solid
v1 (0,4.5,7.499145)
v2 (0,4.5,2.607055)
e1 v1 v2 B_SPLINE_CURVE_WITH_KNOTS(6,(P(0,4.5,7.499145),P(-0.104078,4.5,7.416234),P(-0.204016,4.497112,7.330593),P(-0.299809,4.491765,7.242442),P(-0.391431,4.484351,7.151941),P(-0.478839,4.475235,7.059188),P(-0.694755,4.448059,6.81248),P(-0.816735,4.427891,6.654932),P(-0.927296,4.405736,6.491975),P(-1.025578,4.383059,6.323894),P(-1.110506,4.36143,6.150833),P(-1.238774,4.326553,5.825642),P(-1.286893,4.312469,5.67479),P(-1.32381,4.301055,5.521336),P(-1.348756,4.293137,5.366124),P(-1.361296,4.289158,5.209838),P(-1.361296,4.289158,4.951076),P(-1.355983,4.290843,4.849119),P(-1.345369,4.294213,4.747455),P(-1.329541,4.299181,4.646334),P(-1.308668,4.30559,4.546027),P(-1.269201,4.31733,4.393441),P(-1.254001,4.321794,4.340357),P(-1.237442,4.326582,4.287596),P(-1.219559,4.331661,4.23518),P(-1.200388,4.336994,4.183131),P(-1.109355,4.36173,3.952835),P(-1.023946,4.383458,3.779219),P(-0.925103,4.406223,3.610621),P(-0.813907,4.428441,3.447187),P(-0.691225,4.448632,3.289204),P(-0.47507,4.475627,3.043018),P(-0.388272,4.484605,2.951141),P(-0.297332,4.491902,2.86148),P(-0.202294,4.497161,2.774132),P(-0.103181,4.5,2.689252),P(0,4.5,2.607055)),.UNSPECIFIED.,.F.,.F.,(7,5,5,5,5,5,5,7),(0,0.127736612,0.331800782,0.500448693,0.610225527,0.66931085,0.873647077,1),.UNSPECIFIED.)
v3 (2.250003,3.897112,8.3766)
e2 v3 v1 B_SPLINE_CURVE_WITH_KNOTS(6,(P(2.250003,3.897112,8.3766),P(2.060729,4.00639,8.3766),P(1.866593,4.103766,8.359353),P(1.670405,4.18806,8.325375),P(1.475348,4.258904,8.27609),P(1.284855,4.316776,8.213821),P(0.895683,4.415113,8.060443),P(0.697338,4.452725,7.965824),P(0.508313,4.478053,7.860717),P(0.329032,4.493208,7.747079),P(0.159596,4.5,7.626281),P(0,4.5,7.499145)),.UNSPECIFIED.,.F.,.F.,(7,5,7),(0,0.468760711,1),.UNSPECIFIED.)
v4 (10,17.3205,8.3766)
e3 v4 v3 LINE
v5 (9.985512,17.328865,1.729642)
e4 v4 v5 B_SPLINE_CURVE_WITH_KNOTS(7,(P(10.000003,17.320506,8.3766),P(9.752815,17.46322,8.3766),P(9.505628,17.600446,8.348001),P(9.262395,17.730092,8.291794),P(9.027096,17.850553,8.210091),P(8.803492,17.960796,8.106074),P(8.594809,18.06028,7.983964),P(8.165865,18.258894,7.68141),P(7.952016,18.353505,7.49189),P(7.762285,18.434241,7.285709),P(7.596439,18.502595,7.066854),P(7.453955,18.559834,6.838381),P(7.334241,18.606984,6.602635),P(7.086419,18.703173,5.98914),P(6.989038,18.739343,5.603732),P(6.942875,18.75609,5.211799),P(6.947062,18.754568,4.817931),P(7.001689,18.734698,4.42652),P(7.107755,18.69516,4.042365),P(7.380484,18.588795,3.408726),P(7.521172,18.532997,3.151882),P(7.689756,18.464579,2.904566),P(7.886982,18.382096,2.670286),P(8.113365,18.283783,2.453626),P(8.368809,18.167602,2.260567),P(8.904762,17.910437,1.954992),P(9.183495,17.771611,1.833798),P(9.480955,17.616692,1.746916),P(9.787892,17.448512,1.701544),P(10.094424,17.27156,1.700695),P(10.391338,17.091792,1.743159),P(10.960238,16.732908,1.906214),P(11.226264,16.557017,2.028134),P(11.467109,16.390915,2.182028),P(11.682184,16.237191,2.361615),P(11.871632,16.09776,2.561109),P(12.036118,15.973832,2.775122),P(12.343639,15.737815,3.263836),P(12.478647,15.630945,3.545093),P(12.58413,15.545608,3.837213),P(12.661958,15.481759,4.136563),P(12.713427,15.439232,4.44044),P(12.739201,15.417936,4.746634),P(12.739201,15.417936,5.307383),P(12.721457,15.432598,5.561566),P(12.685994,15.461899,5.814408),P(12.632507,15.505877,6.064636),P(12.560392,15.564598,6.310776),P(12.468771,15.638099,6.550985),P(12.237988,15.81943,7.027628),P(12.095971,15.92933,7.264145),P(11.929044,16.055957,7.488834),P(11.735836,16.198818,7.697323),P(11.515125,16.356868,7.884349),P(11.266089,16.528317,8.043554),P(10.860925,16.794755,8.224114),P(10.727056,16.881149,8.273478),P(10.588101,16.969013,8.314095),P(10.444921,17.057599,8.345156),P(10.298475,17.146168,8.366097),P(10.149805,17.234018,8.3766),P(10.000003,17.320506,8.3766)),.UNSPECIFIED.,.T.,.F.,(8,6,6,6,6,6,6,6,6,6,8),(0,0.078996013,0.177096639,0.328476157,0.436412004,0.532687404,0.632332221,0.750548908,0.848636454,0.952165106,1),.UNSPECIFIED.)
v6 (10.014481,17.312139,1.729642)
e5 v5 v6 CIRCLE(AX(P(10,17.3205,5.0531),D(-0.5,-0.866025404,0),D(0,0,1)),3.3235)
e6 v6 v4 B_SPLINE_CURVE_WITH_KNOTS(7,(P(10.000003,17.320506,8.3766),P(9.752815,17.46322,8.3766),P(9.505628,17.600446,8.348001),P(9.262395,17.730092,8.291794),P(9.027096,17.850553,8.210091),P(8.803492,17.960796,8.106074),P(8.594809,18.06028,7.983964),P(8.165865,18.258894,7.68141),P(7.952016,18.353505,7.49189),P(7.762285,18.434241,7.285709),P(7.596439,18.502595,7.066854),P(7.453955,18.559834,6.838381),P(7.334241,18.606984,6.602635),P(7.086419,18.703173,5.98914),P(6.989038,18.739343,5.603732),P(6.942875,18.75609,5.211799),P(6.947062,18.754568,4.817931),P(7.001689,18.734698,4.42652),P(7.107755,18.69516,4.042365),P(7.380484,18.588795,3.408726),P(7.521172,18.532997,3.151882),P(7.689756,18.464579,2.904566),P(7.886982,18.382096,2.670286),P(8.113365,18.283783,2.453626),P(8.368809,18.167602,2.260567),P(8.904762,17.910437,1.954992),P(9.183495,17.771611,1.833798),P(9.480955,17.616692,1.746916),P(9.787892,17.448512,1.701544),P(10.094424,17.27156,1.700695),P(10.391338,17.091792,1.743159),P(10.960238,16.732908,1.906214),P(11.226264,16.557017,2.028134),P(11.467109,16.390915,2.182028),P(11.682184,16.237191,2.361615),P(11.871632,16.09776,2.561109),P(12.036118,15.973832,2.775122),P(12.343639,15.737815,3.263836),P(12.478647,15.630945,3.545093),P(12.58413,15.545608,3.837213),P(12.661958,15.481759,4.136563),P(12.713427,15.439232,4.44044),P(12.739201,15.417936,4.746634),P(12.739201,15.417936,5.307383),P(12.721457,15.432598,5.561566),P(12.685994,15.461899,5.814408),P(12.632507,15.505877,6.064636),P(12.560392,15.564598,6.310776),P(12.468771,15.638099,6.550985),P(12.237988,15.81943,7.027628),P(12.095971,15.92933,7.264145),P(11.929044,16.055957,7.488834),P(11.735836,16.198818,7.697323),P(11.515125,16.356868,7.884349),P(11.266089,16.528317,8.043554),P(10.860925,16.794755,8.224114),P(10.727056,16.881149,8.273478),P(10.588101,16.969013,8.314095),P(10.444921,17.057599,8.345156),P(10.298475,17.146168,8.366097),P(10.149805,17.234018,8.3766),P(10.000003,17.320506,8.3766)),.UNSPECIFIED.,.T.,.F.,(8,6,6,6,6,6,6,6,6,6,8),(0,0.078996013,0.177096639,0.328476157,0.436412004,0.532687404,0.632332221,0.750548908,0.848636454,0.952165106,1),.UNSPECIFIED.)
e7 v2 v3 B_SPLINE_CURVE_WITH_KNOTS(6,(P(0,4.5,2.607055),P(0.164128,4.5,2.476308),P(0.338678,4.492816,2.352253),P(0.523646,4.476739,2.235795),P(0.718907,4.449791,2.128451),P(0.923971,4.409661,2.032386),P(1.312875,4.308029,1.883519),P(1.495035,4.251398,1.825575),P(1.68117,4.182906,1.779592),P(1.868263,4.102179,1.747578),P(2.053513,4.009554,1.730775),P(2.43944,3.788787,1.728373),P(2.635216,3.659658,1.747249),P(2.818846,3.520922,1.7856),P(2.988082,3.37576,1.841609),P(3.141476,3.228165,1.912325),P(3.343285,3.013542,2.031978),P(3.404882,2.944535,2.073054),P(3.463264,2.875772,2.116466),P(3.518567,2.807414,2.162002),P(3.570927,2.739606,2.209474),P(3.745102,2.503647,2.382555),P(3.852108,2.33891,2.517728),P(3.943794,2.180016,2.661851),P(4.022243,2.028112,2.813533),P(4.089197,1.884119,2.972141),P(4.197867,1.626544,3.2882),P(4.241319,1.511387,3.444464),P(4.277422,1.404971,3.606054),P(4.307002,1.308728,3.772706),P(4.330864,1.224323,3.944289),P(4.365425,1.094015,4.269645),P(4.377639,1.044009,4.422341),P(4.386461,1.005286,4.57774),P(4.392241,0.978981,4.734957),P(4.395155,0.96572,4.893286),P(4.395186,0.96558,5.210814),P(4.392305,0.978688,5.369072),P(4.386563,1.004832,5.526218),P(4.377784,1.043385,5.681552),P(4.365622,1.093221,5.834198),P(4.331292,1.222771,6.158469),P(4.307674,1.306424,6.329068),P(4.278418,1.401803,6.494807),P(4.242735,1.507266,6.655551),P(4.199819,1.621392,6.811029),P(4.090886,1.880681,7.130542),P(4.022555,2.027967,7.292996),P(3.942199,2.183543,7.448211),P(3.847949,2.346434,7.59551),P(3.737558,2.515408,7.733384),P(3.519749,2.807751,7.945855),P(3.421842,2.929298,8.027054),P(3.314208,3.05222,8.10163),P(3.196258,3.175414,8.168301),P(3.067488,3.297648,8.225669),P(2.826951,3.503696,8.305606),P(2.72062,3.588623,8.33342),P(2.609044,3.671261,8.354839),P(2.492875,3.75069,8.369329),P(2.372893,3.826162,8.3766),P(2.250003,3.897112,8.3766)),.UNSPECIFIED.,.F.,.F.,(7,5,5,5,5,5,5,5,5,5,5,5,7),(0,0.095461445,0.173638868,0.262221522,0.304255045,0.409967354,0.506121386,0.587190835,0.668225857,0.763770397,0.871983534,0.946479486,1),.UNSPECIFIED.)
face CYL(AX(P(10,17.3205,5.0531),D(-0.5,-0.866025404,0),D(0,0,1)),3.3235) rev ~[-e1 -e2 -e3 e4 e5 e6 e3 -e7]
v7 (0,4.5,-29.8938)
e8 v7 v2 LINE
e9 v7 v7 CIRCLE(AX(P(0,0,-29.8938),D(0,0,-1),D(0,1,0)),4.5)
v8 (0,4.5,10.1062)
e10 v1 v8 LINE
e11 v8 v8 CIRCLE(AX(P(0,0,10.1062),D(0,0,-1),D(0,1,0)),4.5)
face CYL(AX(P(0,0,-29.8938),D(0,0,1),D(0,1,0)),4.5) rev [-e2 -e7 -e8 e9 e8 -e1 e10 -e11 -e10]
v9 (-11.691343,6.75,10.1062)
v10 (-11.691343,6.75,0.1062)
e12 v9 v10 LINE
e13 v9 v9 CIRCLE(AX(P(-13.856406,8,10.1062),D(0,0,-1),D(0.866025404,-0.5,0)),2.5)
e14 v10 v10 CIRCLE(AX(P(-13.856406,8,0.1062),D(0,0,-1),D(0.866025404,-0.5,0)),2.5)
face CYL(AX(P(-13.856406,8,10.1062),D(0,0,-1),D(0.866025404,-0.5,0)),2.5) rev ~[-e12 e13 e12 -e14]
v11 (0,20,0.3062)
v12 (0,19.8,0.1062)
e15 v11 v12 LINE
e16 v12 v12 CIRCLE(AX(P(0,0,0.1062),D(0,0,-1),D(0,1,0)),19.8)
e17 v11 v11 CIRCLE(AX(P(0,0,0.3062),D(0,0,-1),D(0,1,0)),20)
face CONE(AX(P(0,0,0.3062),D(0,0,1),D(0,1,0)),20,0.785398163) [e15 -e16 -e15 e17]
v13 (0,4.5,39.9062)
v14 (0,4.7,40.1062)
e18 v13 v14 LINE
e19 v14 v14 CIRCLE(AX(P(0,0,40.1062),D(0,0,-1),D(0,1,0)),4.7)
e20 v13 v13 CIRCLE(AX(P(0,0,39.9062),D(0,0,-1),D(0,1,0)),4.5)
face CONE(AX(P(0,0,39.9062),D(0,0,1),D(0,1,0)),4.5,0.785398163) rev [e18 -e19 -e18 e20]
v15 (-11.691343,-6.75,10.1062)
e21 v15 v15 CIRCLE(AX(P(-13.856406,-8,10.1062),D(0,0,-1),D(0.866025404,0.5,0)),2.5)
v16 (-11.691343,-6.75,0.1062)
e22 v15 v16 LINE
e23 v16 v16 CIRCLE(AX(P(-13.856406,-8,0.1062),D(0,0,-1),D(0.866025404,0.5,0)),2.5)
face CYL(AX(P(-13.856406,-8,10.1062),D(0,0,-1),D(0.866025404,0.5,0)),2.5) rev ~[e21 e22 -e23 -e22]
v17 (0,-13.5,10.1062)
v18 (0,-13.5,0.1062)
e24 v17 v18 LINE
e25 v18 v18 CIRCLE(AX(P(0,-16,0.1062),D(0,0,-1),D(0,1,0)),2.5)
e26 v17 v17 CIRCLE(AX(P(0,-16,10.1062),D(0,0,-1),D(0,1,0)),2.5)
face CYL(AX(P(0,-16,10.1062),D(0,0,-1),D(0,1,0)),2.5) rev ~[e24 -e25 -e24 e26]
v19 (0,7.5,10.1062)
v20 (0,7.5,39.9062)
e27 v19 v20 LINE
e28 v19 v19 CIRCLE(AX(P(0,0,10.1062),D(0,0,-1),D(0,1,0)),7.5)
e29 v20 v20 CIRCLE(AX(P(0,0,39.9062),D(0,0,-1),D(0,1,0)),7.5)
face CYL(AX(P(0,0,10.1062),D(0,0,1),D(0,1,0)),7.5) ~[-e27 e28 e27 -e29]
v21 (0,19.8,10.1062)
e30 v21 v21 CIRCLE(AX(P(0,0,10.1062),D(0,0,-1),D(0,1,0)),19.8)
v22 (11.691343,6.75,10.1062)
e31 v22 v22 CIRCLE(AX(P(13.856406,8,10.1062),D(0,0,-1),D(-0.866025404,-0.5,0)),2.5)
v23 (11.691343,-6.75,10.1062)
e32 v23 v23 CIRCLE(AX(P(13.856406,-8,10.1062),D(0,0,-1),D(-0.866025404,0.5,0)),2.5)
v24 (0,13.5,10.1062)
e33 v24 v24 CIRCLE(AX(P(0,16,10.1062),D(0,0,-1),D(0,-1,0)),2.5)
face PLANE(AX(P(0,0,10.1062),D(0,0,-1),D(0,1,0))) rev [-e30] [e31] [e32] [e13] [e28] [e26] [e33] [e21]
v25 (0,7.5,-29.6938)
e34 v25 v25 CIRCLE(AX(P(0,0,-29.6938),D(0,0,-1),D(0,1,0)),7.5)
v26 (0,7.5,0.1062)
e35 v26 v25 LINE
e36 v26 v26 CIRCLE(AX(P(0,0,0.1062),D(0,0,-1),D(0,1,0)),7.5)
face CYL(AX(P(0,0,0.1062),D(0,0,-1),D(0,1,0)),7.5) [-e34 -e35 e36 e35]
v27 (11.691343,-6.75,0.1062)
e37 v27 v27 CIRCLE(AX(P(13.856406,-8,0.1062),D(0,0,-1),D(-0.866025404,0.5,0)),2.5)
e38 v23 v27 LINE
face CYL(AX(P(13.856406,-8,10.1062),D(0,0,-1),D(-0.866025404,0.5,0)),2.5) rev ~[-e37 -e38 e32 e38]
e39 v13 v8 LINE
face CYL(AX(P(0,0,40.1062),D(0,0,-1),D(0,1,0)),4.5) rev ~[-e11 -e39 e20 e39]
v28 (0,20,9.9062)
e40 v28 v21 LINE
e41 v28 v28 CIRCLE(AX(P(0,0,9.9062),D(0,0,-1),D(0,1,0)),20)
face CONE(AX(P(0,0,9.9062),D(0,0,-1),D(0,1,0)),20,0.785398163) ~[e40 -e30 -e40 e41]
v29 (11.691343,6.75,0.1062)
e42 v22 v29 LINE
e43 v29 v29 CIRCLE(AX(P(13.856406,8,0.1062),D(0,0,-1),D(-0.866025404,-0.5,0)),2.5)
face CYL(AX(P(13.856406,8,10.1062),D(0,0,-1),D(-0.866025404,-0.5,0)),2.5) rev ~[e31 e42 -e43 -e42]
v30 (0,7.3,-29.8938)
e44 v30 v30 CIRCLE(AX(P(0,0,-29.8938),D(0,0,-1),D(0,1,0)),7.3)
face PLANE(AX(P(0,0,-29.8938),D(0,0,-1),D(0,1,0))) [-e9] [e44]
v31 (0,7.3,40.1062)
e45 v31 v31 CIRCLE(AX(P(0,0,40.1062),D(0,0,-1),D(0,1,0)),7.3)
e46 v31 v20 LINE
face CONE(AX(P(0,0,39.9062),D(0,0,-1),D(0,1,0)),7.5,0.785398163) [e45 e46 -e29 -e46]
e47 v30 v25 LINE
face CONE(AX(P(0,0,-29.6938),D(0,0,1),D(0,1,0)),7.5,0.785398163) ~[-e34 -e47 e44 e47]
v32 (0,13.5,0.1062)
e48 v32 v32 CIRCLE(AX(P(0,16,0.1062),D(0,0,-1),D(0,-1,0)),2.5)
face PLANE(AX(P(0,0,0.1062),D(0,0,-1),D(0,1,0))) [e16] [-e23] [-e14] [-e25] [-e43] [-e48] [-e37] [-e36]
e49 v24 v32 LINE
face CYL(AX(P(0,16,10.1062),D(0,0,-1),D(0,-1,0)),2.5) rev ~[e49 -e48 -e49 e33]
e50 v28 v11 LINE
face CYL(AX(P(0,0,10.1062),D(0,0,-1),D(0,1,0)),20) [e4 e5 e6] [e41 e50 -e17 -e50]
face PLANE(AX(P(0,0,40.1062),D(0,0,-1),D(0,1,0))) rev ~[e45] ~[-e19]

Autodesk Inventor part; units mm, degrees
ref_plane "XZ Plane" through (0, 0, 0) normal (0, 1, 0) x (-1, 0, 0)
ref_plane "XY Plane" through (0, 0, 0) normal (0, 0, 1) x (1, 0, 0)
sketch "Sketch1" plane through (0, 0, 0) normal (1, 0, 0) x (0, 1, 0)
  line L0 (0, 0) -> (0, -33.1818)
  line L1 (4.5, 10.1062) -> (20, 10.1062)
  line L2 (20, 10.1062) -> (20, 0.1062)
  line L3 (20, 0.1062) -> (7.5, 0.1062)
  line L4 (7.5, 0.1062) -> (7.5, -29.8938)
  line L5 (7.5, -29.8938) -> (4.5, -29.8938)
  line L6 (4.5, -29.8938) -> (4.5, 10.1062)
  line L7 (7.5, 10.1062) -> (7.5, 40.1062)
  line L8 (7.5, 40.1062) -> (4.5, 40.1062)
  line L9 (4.5, 40.1062) -> (4.5, 10.1062)
  dimension "d0" = 9
  dimension "d1" = 15
  dimension "d2" = 30
  dimension "d3" = 10
  dimension "d4" = 40
  dimension "d28" = 30
revolve "Revolution1" add sketch "Sketch1" angle 360 about axis through (0, 0, 0) along (0, 0, -1)
sketch "Sketch2" plane through (0, 0, 10.1062) normal (0, 0, 1) x (1, 0, 0)
  point P0 (0, 0)
  point P1 (0, 16)
  dimension "d6" = 16
hole "Hole1" at (0, 16, 10.1062) direction (0, 0, -1) diameter 5 end through all
pattern_circular "Circular Pattern1" count 6 over 360 about axis through (0, 0, 5.1062) along (0, 0, -1) of "Hole1"
ref_plane "Work Plane2" through (10, 17.3205, 5.1062) normal (0.5, 0.866, 0) x (-0.866, 0.5, 0)
ref_plane "Work Plane1" through (0, 0, 0) normal (0.5, 0.866, 0) x (0, 0, 1)
sketch "Sketch3" plane through (10, 17.3205, 5.1062) normal (0.5, 0.866, 0) x (-0.866, 0.5, 0)
  line L0 (-20, 5) -> (20, 5) projected
  line L1 (-20, -5) -> (20, -5) projected
  line L2 (0, 5) -> (0, -5.1062)
  point P0 (0, -0.0531)
hole "Hole2" at (10, 17.3205, 5.0531) direction (-0.5, -0.866, 0) diameter 6.647 depth 20.2 tip angle 118 thread size "M8x1.25" class "6H" standard "ANSI Metric M Profile"
chamfer "Chamfer1" distance 0.2 angle 45 5 edges at (0, -20, 0.1062) (0, -20, 10.1062) (0, -7.5, -29.8938) (0, -7.5, 40.1062) (0, -4.5, 40.1062)
equation "\"d28\" = d2"
properties part number "Anode" material "Copper"
